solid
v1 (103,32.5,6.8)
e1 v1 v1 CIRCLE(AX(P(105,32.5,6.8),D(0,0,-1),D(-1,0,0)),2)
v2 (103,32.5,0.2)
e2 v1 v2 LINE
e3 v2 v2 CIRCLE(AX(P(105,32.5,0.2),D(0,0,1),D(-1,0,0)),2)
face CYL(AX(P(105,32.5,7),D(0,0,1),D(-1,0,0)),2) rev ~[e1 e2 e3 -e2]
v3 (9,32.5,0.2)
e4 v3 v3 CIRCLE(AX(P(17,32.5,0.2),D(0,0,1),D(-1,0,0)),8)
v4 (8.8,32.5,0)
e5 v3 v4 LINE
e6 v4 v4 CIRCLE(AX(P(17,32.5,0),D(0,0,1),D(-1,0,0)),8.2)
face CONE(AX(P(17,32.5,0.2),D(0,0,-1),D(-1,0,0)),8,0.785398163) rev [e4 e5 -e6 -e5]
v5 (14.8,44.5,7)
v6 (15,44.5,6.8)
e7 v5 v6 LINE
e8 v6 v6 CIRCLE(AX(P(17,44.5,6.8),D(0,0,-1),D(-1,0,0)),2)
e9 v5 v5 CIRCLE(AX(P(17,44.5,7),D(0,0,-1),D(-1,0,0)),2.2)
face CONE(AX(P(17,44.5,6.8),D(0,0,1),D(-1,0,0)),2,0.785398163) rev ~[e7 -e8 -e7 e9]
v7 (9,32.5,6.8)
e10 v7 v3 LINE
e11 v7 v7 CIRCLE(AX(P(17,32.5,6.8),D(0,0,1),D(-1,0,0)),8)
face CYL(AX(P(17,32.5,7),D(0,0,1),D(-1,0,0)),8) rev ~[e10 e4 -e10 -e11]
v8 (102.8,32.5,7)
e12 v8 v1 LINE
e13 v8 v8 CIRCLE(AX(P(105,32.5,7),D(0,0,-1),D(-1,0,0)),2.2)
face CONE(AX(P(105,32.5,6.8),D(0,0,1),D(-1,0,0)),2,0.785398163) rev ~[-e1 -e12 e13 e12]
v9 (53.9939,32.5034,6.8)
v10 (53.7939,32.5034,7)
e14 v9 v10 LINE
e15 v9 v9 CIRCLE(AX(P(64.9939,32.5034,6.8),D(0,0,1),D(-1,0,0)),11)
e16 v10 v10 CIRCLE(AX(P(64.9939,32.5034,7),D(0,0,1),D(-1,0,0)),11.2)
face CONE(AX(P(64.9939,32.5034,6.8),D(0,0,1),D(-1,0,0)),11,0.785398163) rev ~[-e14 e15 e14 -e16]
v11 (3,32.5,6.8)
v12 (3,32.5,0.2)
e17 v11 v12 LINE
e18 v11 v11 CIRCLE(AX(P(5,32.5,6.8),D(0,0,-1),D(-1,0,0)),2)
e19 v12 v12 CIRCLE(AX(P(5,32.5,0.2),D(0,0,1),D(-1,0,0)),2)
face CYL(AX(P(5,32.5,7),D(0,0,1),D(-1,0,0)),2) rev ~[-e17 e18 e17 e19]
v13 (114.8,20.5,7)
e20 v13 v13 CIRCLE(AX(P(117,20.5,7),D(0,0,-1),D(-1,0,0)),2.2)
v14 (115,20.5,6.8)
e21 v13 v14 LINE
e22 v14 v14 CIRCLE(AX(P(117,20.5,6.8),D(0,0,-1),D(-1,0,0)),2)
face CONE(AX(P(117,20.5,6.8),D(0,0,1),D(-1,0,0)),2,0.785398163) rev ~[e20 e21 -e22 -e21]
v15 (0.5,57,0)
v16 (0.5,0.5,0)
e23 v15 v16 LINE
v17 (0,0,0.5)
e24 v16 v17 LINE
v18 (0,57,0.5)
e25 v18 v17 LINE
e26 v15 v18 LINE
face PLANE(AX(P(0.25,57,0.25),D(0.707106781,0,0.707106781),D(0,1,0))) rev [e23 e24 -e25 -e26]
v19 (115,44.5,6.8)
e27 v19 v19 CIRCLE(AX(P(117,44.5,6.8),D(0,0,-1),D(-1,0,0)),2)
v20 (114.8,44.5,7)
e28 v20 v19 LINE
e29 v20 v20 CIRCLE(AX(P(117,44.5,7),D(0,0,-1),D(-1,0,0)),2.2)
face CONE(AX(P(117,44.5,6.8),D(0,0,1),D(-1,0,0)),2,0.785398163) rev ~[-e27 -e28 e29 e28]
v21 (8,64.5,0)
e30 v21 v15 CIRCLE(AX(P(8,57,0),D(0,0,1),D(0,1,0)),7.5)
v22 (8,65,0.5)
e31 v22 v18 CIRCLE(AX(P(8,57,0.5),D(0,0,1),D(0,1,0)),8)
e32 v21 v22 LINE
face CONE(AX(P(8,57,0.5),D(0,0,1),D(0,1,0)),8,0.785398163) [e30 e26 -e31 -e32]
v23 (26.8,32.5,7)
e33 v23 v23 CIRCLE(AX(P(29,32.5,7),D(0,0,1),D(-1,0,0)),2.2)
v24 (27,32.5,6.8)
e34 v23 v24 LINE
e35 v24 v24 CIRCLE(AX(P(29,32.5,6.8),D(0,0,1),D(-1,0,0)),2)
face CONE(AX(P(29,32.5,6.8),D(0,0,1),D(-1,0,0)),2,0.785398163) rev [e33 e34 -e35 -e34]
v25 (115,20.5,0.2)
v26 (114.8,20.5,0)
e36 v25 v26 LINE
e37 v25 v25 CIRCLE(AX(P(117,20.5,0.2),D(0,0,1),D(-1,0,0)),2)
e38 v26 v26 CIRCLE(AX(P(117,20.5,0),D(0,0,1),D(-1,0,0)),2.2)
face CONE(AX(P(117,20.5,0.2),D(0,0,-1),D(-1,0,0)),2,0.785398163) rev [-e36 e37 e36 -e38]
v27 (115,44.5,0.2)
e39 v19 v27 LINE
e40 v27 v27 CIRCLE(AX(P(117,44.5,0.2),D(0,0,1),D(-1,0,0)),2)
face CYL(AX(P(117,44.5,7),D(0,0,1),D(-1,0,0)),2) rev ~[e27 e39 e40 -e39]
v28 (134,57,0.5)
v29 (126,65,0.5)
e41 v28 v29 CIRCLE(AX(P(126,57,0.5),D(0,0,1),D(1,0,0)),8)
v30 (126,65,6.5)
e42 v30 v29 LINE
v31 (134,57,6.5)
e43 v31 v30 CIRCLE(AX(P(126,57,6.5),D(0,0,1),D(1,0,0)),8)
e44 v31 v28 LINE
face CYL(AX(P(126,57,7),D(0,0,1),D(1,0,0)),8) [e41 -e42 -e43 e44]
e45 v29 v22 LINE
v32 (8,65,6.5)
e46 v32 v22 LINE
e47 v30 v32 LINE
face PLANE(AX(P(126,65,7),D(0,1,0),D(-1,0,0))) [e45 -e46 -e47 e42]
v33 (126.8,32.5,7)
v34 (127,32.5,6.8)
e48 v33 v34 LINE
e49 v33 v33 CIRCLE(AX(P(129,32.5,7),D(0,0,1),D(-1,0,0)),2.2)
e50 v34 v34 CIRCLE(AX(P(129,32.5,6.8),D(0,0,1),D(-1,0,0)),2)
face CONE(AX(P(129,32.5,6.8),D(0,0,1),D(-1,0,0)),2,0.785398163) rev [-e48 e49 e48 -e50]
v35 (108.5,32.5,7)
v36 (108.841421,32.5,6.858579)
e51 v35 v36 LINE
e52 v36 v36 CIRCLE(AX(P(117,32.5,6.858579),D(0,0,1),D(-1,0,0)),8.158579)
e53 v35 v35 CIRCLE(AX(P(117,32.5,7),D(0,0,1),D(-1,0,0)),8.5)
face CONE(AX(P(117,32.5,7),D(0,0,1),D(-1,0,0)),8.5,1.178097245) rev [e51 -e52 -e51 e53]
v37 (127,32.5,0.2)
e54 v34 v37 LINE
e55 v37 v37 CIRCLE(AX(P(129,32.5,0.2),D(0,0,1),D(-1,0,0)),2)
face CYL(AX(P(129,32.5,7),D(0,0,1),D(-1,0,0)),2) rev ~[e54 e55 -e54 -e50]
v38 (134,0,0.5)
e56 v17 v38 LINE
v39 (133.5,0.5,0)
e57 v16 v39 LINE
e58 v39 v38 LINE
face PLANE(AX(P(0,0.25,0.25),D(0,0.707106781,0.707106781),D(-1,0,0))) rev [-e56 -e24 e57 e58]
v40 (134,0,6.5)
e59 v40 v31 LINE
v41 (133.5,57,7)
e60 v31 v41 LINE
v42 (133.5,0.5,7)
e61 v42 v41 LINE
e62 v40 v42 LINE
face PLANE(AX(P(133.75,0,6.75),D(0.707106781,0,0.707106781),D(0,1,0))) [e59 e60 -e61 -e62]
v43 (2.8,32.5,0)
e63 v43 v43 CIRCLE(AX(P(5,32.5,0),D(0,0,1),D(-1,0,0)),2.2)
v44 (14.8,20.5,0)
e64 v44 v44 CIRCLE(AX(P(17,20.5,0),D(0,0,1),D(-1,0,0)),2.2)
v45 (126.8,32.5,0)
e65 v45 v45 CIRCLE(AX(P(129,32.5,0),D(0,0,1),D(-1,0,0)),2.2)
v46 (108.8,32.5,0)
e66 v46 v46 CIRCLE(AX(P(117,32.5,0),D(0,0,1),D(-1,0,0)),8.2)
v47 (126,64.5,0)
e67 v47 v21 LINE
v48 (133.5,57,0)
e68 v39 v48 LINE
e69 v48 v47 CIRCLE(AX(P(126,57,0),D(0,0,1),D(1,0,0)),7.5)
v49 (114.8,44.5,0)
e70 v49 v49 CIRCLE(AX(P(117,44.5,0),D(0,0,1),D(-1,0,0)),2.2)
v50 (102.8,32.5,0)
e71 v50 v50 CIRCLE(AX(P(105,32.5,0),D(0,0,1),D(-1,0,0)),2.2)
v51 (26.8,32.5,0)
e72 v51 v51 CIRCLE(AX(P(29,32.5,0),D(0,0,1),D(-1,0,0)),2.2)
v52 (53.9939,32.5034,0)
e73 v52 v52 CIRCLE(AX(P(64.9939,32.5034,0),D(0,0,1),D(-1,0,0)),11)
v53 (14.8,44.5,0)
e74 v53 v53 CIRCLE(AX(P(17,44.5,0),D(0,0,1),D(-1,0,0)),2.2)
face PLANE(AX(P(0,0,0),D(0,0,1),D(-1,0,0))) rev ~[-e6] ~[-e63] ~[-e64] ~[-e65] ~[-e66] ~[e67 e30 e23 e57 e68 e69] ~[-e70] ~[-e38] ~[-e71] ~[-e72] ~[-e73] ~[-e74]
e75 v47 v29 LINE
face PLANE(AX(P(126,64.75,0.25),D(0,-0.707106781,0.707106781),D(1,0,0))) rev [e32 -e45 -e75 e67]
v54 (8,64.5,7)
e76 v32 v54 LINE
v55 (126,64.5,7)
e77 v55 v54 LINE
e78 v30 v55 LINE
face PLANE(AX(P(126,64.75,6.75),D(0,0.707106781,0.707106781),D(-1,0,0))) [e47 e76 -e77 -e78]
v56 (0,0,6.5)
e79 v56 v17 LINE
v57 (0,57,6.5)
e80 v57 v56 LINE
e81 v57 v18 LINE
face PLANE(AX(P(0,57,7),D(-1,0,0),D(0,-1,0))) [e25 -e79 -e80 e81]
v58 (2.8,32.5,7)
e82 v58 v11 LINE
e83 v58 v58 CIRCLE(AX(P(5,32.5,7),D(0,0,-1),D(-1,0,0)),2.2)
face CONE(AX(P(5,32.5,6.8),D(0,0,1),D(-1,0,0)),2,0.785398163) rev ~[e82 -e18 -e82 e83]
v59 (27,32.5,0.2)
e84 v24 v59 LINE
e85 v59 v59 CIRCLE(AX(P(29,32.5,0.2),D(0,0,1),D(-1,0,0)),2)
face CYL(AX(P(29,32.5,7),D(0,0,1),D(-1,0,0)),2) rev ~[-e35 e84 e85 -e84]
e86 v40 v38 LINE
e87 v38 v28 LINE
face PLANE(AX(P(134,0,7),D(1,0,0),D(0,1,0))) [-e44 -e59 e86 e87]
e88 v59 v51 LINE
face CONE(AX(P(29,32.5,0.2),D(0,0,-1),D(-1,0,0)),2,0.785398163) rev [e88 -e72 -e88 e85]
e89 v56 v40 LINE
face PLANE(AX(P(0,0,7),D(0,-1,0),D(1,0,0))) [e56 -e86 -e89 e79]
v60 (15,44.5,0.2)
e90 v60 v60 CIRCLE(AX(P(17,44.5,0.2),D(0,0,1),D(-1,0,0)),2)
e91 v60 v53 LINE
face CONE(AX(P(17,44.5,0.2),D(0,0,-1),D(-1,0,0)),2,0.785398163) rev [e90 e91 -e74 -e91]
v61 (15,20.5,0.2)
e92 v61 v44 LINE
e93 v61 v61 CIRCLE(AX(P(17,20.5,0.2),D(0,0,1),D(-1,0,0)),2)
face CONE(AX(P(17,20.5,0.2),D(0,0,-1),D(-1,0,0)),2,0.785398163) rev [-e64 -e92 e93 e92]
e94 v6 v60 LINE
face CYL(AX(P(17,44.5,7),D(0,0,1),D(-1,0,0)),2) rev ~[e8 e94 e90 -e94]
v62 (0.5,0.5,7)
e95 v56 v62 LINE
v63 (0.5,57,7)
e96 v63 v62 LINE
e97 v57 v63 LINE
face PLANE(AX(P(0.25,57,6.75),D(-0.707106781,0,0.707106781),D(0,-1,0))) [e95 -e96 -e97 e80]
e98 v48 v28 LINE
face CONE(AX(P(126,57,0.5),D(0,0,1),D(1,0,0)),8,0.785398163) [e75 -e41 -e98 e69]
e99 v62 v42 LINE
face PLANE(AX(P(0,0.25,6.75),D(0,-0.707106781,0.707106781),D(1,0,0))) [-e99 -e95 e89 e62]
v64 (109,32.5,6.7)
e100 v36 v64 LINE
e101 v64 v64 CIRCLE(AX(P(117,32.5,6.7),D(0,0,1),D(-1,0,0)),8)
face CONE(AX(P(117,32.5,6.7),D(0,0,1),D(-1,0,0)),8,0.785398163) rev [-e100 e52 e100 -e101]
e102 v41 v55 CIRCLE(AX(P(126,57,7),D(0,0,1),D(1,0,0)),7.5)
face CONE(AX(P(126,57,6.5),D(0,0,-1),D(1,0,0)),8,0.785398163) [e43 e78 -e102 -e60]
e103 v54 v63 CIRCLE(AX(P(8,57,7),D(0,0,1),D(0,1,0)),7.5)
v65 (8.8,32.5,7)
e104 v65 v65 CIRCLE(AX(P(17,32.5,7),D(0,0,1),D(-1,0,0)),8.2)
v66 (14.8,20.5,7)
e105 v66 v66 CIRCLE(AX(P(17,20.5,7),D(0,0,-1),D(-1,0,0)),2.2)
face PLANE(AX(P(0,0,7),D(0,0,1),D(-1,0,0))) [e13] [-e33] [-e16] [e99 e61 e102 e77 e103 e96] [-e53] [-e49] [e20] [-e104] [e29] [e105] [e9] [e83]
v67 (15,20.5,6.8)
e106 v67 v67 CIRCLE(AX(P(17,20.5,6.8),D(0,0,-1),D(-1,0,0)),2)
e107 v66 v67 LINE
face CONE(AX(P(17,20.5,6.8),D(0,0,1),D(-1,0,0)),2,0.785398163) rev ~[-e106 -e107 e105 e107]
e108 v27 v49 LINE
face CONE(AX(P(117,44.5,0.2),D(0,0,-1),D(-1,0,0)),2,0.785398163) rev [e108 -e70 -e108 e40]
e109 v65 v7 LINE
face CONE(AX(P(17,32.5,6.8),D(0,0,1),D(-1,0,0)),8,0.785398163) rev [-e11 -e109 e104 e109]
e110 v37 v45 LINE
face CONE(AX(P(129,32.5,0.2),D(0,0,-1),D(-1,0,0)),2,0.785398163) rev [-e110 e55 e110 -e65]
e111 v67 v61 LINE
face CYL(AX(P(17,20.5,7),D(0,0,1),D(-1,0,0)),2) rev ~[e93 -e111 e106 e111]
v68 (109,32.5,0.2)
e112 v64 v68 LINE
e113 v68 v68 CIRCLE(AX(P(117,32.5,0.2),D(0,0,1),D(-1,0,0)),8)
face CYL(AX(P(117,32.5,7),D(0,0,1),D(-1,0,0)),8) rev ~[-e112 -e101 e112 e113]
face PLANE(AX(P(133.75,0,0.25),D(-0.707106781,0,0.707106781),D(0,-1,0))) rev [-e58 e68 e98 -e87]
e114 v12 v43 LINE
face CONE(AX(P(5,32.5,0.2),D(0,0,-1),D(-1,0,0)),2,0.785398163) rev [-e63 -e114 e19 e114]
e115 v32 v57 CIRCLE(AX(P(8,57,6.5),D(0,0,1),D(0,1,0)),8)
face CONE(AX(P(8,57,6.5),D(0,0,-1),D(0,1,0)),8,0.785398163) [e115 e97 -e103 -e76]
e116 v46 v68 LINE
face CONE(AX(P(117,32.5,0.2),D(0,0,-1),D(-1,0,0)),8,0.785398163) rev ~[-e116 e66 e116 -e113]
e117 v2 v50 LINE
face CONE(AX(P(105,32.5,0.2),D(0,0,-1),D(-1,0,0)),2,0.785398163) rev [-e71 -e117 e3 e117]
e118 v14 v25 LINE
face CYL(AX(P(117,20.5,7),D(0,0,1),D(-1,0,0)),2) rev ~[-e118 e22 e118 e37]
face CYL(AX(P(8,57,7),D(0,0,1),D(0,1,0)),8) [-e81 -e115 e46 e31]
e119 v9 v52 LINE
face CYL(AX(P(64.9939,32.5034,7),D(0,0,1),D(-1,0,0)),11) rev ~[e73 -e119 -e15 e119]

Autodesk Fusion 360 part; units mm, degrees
sketch "Sketch1" plane through (0, 0, 7) normal (0, 0, 1) x (-1, 0, 0)
sketch "Sketch2" plane through (0, 0, 0) normal (0, 0, 1) x (1, 0, 0) in component "Bearing Bracket"
  point P0 (0, 65)
  dimension "d2" = 65
sketch "Sketch3" plane through (0, 0, 7) normal (0, 0, 1) x (-1, 0, 0) in component "Bearing Bracket"
  circle A0 centre (-17, -32.5) radius 4
  circle A1 centre (-64.9939, -32.5034) radius 11
  circle A2 centre (-117, -32.5) radius 4
  arc A3 (-134, -57) -> (-126, -65) centre (-126, -57) ccw
  line L0 (-126, -65) -> (-8, -65)
  arc A4 (-8, -65) -> (0, -57) centre (-8, -57) ccw
  line L1 (0, -57) -> (0, 0)
  line L2 (0, 0) -> (-134, 0)
  line L3 (-134, 0) -> (-134, -57)
  circle A5 centre (-64.9939, -32.5034) radius 10.5
  dimension "d3" = -0.5
extrude "Extrude1" add sketch "Sketch3" against normal blind 7 contours A3 L0 A4 L1 L2 L3
chamfer "Chamfer1" distance 0.2 angle 45 3 edges at (120.7293, 31.0535, 7) (75.2495, 28.5256, 7) (20.7293, 31.0535, 7)
chamfer "Chamfer2" distance 0.2 angle 45 1 edges at (20.7293, 33.9465, 0)
chamfer "Chamfer3" distance 0.2 angle 45 1 edges at (120.7293, 33.9465, 0)
chamfer "Chamfer4" distance 0.5 angle 45 6 edges at (134, 28.5, 0) (0, 28.5, 0) (2.3431, 62.6569, 0) (67, 65, 0) (131.6569, 62.6569, 0) (67, 0, 0)
chamfer "Chamfer5" distance 0.5 angle 45 6 edges at (0, 28.5, 7) (134, 28.5, 7) (131.6569, 62.6569, 7) (67, 65, 7) (2.3431, 62.6569, 7) (67, 0, 7)
sketch "Sketch2 (2)" plane through (0, 0, 7) normal (0, 0, 1) x (-1, 0, 0)
  circle A0 centre (-17, -32.5) radius 4.2
  circle A1 centre (-117, -32.5) radius 4.2
  circle A2 centre (-64.9939, -32.5034) radius 11.2
  line L0 (-133.5, -0.5) -> (-133.5, -57)
  arc A3 (-133.5, -57) -> (-126, -64.5) centre (-126, -57) ccw
  line L1 (-126, -64.5) -> (-8, -64.5)
  arc A4 (-8, -64.5) -> (-0.5, -57) centre (-8, -57) ccw
  line L2 (-0.5, -57) -> (-0.5, -0.5)
  line L3 (-0.5, -0.5) -> (-133.5, -0.5)
  circle A5 centre (-17, -32.5) radius 8
  circle A6 centre (-117, -32.5) radius 8
  line L4 (-117, -32.5) -> (-117, -44.5)
  line L5 (-117, -32.5) -> (-117, -20.5)
  line L6 (-117, -32.5) -> (-105, -32.5)
  line L7 (-117, -32.5) -> (-129, -32.5)
  circle A7 centre (-117, -44.5) radius 2
  circle A8 centre (-129, -32.5) radius 2
  circle A9 centre (-117, -20.5) radius 2
  circle A10 centre (-105, -32.5) radius 2
  line L8 (-17, -32.5) -> (-17, -44.5)
  line L9 (-17, -32.5) -> (-17, -20.5)
  line L10 (-17, -32.5) -> (-29, -32.5)
  line L11 (-17, -32.5) -> (-5, -32.5)
  circle A11 centre (-17, -44.5) radius 2
  circle A12 centre (-17, -20.5) radius 2
  circle A13 centre (-29, -32.5) radius 2
  circle A14 centre (-5, -32.5) radius 2
  dimension "d11" = 16
  dimension "d12" = 16
  dimension "d13" = 12
  dimension "d14" = 12
  dimension "d15" = 12
  dimension "d16" = 12
  dimension "d17" = 4
  dimension "d18" = 4
  dimension "d19" = 4
  dimension "d20" = 4
  dimension "d21" = 12
  dimension "d22" = 12
  dimension "d23" = 12
  dimension "d24" = 12
  dimension "d25" = 4
  dimension "d26" = 4
  dimension "d27" = 4
  dimension "d28" = 4
extrude "Extrude2" cut sketch "Sketch2 (2)" against normal blind 25 contours A0 L9 L11 | A0 A5 L8 L11 | A0 L8 L11 | A0 A5 L9 L11 | A0 L9 L10 | A0 A5 L9 L10 | A0 A5 L8 L10 | A0 L8 L10 | A11 | A13 | A12 | A14 | A1 L5 L6 | A1 A6 L4 L6 | A1 L4 L6 | A1 A6 L5 L6 | A1 L5 L7 | A1 A6 L5 L7 | A1 A6 L4 L7 | A1 L4 L7 | A7 | A8 | A9 | A10
chamfer "Chamfer6" distance 0.3 angle 45 1 edges at (124.4586, 29.6071, 7)
chamfer "Chamfer7" distance 0.2 angle 45 1 edges at (118.8647, 43.7768, 7)
chamfer "Chamfer8" distance 0.2 angle 45 1 edges at (124.7383, 35.5014, 7)
chamfer "Chamfer9" distance 0.2 angle 45 1 edges at (130.8647, 31.7768, 7)
chamfer "Chamfer10" distance 0.2 angle 45 1 edges at (118.8647, 19.7768, 7)
chamfer "Chamfer11" distance 0.2 angle 45 1 edges at (106.8647, 31.7768, 7)
chamfer "Chamfer12" distance 0.2 angle 45 5 edges at (24.4586, 29.6071, 7) (30.8647, 31.7768, 7) (18.8647, 43.7768, 7) (6.8647, 31.7768, 7) (18.8647, 19.7768, 7)
chamfer "Chamfer13" distance 0.2 angle 45 10 edges at (24.4586, 35.3929, 0) (6.8647, 33.2232, 0) (18.8647, 45.2232, 0) (30.8647, 33.2232, 0) (18.8647, 21.2232, 0) (118.8647, 21.2232, 0) (124.4586, 35.3929, 0) (106.8647, 33.2232, 0) (118.8647, 45.2232, 0) (130.8647, 33.2232, 0)
component "Bearing Bracket" placed x (1, 0, 0) y (0, 1, 0) z (0, 0, 1) at (0, 0, 0)
